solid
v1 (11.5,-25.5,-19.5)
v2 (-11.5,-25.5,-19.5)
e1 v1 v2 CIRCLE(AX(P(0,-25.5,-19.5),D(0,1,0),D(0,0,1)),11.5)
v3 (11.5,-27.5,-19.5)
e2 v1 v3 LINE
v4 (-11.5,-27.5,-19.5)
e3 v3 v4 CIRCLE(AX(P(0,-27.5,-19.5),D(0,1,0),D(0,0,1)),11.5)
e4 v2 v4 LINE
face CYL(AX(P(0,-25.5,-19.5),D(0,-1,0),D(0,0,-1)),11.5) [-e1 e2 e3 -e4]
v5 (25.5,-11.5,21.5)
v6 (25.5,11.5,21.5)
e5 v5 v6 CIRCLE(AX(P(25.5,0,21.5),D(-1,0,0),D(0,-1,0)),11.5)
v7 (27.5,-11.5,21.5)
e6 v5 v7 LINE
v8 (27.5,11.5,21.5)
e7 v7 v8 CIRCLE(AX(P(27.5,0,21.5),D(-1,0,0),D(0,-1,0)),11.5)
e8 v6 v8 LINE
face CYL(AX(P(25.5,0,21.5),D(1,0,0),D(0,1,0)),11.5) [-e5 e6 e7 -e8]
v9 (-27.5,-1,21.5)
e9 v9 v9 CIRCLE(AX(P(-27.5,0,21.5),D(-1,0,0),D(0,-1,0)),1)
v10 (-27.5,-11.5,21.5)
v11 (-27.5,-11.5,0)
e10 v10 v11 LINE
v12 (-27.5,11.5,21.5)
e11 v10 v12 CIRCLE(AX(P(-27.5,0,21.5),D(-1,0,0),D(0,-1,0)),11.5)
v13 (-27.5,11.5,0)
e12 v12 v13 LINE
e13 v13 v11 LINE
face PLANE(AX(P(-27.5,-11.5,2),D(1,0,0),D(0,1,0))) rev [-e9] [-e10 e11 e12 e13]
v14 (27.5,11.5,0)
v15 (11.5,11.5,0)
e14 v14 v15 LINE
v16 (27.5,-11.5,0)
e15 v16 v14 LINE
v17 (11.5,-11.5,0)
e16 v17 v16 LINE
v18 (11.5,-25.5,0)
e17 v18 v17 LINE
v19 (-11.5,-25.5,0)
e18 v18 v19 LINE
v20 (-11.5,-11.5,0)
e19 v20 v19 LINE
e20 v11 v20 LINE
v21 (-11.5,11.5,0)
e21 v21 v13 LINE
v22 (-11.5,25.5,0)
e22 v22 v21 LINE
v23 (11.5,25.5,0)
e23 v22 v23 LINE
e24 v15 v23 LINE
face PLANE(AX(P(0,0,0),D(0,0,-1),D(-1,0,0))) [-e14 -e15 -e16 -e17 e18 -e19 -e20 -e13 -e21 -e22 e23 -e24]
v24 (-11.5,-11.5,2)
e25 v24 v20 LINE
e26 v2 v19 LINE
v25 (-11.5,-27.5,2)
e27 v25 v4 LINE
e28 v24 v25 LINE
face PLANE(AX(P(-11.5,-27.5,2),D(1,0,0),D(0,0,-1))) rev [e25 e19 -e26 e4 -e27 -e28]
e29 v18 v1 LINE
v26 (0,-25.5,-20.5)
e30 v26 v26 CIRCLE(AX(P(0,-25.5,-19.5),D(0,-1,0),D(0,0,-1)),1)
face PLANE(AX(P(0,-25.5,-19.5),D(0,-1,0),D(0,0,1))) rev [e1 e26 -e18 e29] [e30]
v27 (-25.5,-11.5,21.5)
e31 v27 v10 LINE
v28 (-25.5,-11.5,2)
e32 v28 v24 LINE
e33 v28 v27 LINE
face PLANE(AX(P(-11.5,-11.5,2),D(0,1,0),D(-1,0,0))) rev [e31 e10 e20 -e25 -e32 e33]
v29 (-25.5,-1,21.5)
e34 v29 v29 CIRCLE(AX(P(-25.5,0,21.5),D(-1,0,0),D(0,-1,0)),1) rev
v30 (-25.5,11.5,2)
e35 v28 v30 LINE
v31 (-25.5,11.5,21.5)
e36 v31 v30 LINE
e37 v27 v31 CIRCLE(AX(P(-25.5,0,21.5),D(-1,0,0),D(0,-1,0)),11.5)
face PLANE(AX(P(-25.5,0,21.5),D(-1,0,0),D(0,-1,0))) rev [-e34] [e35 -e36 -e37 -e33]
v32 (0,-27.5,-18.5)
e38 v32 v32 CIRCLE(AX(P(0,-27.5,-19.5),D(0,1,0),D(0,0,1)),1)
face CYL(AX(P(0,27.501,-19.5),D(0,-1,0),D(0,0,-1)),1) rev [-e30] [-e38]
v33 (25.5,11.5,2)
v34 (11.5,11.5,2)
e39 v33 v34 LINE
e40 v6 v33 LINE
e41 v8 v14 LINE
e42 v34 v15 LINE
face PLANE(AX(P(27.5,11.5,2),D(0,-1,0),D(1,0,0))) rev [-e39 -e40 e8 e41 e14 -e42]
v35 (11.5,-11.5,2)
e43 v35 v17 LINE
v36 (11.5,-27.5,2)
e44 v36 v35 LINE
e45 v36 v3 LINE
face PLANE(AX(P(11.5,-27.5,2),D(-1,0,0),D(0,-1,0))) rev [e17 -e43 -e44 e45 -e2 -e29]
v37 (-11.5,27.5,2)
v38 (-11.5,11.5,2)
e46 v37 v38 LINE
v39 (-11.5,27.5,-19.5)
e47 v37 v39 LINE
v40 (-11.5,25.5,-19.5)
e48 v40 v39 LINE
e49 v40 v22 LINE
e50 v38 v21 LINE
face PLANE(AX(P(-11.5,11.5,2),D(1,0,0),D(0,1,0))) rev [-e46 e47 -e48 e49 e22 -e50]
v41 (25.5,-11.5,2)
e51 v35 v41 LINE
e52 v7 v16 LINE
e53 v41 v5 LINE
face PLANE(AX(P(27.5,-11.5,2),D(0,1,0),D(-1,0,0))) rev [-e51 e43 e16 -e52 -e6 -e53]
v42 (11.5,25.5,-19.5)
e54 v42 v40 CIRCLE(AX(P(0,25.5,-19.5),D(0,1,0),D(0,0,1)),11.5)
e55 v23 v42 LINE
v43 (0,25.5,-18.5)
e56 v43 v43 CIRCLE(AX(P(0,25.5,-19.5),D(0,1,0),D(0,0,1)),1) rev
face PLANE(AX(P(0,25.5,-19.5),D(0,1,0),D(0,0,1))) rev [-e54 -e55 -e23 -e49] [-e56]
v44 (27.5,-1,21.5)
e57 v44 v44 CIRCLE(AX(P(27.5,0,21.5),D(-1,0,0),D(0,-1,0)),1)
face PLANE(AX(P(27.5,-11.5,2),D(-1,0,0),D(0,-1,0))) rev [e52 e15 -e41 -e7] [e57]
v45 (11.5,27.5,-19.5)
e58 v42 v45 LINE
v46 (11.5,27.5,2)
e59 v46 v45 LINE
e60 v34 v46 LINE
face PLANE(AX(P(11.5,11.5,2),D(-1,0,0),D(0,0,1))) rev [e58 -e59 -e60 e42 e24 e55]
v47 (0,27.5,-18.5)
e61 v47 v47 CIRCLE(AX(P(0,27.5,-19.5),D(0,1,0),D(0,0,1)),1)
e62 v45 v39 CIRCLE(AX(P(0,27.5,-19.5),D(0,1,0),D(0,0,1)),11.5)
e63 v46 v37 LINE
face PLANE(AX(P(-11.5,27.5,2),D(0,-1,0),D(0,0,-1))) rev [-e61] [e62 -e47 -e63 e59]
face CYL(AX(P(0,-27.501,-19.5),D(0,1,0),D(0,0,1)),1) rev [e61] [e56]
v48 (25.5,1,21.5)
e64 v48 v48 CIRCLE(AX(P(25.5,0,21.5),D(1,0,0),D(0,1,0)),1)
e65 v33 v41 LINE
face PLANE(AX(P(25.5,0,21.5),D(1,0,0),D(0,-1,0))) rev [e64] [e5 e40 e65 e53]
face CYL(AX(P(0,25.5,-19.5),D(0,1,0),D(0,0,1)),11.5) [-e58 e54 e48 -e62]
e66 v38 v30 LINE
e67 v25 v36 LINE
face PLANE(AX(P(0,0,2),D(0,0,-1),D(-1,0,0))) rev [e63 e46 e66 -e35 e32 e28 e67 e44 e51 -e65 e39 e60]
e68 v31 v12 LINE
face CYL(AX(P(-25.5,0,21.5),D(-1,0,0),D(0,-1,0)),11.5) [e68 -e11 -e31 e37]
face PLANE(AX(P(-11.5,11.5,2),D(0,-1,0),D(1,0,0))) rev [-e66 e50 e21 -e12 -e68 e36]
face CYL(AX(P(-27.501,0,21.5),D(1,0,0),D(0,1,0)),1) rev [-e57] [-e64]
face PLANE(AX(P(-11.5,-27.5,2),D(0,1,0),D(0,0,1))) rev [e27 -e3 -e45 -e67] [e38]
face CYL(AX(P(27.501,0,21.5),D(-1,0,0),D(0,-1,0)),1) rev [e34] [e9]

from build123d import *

# Parameters (mm, degrees)
EXTRUDE_1_DEPTH     = 2
EXTRUDE_2_DEPTH     = 2
SKETCH_4_R          = 1
CUT_EXTRUDE_1_DEPTH = 2
EXTRUDE_4_DEPTH     = 2
SKETCH_8_R          = 1
CUT_EXTRUDE_3_DEPTH = 2


with BuildPart() as part:
    # 草图1 → 凸台-拉伸1 (new body)
    with BuildSketch(Plane.XY):
        Polygon((27.5, -11.5), (27.5, 11.5), (11.5, 11.5), (11.5, 27.5), (-11.5, 27.5), (-11.5, 11.5), (-27.5, 11.5), (-27.5, -11.5), (-11.5, -11.5), (-11.5, -27.5), (11.5, -27.5), (11.5, -11.5), align=None)
    extrude(amount=EXTRUDE_1_DEPTH)

    # 草图3 → 凸台-拉伸2 (add)
    with BuildSketch(Plane(origin=(0, 27.5, 0), x_dir=(1, 0, 0), z_dir=(0, 1, 0))):
        with BuildLine():
            Line((-11.5, -2), (11.5, -2))
            Line((11.5, -2), (11.5, 19.5))
            ThreePointArc((11.5, 19.5), (0, 31), (-11.5, 19.5))
            Line((-11.5, 19.5), (-11.5, -2))
        make_face()
    extrude_2 = extrude(amount=-EXTRUDE_2_DEPTH)

    # 草图4 → 切除-拉伸1 (cut)
    with BuildSketch(Plane(origin=(0, 27.5, 0), x_dir=(1, 0, 0), z_dir=(0, 1, 0))):
        with Locations((0, 19.5)):
            Circle(SKETCH_4_R)
    cut_extrude_1 = extrude(amount=-CUT_EXTRUDE_1_DEPTH, mode=Mode.SUBTRACT)

    # 镜向2: 凸台-拉伸2, 切除-拉伸1 across plane
    add(extrude_2.mirror(Plane.ZX))
    add(cut_extrude_1.mirror(Plane.ZX), mode=Mode.SUBTRACT)

    # 草图7 → 凸台-拉伸4 (add)
    with BuildSketch(Plane.ZY.offset(27.5)):
        with BuildLine():
            Line((0, 11.5), (21.5, 11.5))
            ThreePointArc((21.5, 11.5), (33, 0), (21.5, -11.5))
            Line((21.5, -11.5), (0, -11.5))
            Line((0, -11.5), (0, 11.5))
        make_face()
    extrude_4 = extrude(amount=-EXTRUDE_4_DEPTH)

    # 草图8 → 切除-拉伸3 (cut)
    with BuildSketch(Plane.ZY.offset(27.5)):
        with Locations((21.5, 0)):
            Circle(SKETCH_8_R)
    cut_extrude_3 = extrude(amount=-CUT_EXTRUDE_3_DEPTH, mode=Mode.SUBTRACT)

    # 镜向4: 凸台-拉伸4, 切除-拉伸3 across plane
    add(extrude_4.mirror(Plane(origin=(0, 0, 0), x_dir=(0, 0, 1), z_dir=(1, 0, 0))))
    add(cut_extrude_3.mirror(Plane(origin=(0, 0, 0), x_dir=(0, 0, 1), z_dir=(1, 0, 0))), mode=Mode.SUBTRACT)


solid = part.part
